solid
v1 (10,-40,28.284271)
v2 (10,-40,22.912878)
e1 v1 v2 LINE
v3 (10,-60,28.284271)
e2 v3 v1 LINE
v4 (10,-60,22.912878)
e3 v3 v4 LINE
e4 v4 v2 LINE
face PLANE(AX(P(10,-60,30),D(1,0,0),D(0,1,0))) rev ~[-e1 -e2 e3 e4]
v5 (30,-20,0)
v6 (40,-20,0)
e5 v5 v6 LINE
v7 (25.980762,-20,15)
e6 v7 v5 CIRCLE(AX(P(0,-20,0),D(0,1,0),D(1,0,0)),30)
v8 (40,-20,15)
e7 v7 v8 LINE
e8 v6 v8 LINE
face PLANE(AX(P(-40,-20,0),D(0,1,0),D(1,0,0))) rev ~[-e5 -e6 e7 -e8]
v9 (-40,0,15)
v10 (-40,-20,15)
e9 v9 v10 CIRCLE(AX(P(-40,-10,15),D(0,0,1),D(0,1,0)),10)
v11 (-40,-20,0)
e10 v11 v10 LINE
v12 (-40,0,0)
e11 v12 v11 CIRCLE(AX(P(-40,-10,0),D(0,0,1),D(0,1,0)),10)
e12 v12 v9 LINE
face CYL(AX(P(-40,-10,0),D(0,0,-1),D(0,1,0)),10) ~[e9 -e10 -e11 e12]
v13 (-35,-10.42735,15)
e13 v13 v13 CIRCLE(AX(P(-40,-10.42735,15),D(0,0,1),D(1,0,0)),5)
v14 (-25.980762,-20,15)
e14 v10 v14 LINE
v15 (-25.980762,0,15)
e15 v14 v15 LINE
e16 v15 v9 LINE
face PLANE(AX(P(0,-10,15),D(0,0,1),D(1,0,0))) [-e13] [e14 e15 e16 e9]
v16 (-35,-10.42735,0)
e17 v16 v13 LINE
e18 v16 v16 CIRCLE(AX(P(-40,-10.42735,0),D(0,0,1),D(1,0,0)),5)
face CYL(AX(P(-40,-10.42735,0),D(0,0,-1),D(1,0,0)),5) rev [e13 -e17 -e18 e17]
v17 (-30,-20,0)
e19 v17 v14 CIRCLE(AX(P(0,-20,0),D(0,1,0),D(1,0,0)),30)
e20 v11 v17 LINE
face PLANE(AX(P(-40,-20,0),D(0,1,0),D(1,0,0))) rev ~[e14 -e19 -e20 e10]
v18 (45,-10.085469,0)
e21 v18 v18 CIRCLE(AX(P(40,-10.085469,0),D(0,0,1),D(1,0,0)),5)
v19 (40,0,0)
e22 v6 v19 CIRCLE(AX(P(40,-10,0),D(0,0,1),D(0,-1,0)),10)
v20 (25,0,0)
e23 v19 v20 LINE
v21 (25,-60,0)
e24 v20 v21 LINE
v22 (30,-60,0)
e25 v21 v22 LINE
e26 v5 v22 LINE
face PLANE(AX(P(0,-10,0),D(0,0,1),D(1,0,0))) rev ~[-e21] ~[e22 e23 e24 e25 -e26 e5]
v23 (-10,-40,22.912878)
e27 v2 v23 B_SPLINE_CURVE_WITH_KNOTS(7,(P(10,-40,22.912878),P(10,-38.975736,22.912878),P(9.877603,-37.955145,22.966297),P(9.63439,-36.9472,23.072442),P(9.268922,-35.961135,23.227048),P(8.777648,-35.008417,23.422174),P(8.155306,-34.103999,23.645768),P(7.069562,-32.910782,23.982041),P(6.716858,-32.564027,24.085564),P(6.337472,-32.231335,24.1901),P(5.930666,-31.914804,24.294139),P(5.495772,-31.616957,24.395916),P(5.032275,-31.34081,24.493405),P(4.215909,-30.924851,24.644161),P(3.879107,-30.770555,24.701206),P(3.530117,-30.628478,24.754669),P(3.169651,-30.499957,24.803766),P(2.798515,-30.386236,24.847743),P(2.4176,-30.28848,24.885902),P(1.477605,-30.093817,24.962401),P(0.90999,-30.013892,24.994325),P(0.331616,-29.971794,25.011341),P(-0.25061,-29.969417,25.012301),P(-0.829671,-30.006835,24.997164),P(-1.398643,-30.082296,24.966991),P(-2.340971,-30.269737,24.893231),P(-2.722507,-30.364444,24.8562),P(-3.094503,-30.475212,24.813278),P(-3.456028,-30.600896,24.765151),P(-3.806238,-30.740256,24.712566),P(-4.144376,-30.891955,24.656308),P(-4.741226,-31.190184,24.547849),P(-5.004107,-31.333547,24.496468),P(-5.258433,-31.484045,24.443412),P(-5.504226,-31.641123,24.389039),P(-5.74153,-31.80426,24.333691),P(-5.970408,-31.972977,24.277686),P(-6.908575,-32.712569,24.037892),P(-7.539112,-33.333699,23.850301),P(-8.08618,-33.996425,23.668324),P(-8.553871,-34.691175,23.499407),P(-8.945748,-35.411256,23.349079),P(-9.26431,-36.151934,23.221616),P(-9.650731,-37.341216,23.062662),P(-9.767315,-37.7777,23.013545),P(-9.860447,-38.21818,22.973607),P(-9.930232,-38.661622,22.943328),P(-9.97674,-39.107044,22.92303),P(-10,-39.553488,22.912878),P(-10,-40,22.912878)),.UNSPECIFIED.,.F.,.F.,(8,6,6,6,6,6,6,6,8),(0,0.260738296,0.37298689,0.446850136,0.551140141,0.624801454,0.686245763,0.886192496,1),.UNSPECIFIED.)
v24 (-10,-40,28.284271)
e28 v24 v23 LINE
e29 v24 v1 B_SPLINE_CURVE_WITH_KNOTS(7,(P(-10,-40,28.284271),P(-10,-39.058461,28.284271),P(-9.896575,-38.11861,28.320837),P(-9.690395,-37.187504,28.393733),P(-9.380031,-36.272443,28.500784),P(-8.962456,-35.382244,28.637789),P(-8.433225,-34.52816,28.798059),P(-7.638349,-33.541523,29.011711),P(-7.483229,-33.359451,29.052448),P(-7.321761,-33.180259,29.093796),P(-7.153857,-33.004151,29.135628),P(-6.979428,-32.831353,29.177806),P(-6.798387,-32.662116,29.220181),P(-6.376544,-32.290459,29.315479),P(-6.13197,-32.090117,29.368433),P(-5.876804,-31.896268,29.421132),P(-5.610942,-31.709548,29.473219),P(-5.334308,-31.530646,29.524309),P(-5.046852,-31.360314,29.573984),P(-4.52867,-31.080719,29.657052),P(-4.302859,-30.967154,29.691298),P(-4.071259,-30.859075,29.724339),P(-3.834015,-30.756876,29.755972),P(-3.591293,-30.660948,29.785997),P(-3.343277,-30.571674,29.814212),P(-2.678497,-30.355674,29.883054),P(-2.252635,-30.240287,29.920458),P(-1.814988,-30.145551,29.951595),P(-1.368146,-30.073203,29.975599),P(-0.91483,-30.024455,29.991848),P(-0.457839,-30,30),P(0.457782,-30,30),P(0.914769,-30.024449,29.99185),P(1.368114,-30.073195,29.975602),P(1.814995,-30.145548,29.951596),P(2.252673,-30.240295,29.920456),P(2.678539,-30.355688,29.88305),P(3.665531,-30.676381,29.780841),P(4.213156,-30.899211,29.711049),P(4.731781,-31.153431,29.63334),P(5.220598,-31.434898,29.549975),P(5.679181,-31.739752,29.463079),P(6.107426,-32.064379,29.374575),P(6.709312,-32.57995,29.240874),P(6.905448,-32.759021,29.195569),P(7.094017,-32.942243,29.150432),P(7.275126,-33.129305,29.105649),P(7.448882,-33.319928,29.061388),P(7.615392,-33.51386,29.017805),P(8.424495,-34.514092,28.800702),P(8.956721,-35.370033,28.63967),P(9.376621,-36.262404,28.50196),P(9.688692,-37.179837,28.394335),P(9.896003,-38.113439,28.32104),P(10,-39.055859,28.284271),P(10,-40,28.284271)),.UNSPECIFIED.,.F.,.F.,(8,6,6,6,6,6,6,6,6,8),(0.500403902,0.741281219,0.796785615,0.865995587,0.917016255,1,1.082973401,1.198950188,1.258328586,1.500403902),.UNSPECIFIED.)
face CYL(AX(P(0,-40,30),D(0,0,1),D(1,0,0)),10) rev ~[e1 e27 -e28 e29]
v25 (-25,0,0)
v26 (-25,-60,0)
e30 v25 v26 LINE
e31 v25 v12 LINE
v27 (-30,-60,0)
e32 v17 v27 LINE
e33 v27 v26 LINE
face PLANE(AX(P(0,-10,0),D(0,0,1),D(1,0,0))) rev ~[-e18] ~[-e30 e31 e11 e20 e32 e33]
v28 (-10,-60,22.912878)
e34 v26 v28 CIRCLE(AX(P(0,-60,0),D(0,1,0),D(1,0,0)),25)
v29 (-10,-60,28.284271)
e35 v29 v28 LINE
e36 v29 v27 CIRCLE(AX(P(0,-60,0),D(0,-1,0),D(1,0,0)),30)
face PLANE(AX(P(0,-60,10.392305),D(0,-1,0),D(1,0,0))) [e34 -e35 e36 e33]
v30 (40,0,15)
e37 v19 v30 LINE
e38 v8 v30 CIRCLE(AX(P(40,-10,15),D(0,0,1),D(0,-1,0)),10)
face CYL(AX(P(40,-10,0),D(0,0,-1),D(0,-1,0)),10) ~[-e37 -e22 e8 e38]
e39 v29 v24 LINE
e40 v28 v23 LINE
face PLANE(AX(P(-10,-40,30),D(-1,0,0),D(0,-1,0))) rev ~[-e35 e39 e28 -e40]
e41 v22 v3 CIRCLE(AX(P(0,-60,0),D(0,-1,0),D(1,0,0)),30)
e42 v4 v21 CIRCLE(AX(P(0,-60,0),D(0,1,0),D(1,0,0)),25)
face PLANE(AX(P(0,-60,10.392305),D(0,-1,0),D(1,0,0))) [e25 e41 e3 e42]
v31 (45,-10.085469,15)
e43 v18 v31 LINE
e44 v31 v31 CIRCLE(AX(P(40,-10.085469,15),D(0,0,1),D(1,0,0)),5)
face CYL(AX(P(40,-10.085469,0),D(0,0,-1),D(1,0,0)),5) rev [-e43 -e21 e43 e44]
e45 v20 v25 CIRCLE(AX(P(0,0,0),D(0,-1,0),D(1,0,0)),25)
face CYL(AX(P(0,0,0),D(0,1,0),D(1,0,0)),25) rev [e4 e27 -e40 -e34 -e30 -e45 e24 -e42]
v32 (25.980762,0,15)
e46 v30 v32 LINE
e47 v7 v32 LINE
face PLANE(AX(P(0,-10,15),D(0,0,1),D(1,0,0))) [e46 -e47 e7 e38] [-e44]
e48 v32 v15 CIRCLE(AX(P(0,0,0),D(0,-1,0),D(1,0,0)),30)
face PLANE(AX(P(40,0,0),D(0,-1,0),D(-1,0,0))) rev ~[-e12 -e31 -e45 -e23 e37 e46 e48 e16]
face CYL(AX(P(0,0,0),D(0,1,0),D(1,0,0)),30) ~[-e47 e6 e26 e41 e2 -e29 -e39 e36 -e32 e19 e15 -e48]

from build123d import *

# Parameters (mm, degrees)
F2_DEPTH  = 60
F4_DEPTH  = 15
F6_DEPTH  = 60.001
F9_DEPTH  = 30.001
F10_R     = 5
F11_DEPTH = 15


with BuildPart() as f2:
    # F1 (on Front) → F2 (new body)
    with BuildSketch(Plane.XZ):
        with BuildLine():
            ThreePointArc((30, 0), (0, 30), (-30, 0))
            Line((-30, 0), (30, 0))
        make_face()
    extrude(amount=F2_DEPTH)

    # F3 (on Top) → F4 (join)
    with BuildSketch(Plane.XY):
        with BuildLine():
            Line((40, 0), (-40, 0))
            ThreePointArc((-40, 0), (-50, -10), (-40, -20))
            Line((-40, -20), (40, -20))
            ThreePointArc((40, -20), (50, -10), (40, 0))
        make_face()
    extrude(amount=F4_DEPTH)

    # F5 (on Front) → F6 (cut, through all)
    with BuildSketch(Plane.XZ):
        with BuildLine():
            ThreePointArc((25, 0), (0, 25), (-25, 0))
            Line((-25, 0), (25, 0))
        make_face()
    extrude(amount=F6_DEPTH, mode=Mode.SUBTRACT)

    # F8 (on offset) → F9 (cut, through all)
    with BuildSketch(Plane.XY.offset(30)):
        with BuildLine():
            Line((-10, -60), (0, -60))
            Line((0, -60), (10, -60))
            Line((10, -60), (10, -40))
            ThreePointArc((10, -40), (0, -30), (-10, -40))
            Line((-10, -40), (-10, -60))
        make_face()
    extrude(amount=-F9_DEPTH, mode=Mode.SUBTRACT)

    # F10 (on Top) → F11 (cut, through all)
    with BuildSketch(Plane.XY):
        with Locations((-40, -10.4273502391)):
            Circle(F10_R)
        with Locations((40, -10.0854694971)):
            Circle(F10_R)
    extrude(amount=F11_DEPTH, mode=Mode.SUBTRACT)


solid = f2.part
